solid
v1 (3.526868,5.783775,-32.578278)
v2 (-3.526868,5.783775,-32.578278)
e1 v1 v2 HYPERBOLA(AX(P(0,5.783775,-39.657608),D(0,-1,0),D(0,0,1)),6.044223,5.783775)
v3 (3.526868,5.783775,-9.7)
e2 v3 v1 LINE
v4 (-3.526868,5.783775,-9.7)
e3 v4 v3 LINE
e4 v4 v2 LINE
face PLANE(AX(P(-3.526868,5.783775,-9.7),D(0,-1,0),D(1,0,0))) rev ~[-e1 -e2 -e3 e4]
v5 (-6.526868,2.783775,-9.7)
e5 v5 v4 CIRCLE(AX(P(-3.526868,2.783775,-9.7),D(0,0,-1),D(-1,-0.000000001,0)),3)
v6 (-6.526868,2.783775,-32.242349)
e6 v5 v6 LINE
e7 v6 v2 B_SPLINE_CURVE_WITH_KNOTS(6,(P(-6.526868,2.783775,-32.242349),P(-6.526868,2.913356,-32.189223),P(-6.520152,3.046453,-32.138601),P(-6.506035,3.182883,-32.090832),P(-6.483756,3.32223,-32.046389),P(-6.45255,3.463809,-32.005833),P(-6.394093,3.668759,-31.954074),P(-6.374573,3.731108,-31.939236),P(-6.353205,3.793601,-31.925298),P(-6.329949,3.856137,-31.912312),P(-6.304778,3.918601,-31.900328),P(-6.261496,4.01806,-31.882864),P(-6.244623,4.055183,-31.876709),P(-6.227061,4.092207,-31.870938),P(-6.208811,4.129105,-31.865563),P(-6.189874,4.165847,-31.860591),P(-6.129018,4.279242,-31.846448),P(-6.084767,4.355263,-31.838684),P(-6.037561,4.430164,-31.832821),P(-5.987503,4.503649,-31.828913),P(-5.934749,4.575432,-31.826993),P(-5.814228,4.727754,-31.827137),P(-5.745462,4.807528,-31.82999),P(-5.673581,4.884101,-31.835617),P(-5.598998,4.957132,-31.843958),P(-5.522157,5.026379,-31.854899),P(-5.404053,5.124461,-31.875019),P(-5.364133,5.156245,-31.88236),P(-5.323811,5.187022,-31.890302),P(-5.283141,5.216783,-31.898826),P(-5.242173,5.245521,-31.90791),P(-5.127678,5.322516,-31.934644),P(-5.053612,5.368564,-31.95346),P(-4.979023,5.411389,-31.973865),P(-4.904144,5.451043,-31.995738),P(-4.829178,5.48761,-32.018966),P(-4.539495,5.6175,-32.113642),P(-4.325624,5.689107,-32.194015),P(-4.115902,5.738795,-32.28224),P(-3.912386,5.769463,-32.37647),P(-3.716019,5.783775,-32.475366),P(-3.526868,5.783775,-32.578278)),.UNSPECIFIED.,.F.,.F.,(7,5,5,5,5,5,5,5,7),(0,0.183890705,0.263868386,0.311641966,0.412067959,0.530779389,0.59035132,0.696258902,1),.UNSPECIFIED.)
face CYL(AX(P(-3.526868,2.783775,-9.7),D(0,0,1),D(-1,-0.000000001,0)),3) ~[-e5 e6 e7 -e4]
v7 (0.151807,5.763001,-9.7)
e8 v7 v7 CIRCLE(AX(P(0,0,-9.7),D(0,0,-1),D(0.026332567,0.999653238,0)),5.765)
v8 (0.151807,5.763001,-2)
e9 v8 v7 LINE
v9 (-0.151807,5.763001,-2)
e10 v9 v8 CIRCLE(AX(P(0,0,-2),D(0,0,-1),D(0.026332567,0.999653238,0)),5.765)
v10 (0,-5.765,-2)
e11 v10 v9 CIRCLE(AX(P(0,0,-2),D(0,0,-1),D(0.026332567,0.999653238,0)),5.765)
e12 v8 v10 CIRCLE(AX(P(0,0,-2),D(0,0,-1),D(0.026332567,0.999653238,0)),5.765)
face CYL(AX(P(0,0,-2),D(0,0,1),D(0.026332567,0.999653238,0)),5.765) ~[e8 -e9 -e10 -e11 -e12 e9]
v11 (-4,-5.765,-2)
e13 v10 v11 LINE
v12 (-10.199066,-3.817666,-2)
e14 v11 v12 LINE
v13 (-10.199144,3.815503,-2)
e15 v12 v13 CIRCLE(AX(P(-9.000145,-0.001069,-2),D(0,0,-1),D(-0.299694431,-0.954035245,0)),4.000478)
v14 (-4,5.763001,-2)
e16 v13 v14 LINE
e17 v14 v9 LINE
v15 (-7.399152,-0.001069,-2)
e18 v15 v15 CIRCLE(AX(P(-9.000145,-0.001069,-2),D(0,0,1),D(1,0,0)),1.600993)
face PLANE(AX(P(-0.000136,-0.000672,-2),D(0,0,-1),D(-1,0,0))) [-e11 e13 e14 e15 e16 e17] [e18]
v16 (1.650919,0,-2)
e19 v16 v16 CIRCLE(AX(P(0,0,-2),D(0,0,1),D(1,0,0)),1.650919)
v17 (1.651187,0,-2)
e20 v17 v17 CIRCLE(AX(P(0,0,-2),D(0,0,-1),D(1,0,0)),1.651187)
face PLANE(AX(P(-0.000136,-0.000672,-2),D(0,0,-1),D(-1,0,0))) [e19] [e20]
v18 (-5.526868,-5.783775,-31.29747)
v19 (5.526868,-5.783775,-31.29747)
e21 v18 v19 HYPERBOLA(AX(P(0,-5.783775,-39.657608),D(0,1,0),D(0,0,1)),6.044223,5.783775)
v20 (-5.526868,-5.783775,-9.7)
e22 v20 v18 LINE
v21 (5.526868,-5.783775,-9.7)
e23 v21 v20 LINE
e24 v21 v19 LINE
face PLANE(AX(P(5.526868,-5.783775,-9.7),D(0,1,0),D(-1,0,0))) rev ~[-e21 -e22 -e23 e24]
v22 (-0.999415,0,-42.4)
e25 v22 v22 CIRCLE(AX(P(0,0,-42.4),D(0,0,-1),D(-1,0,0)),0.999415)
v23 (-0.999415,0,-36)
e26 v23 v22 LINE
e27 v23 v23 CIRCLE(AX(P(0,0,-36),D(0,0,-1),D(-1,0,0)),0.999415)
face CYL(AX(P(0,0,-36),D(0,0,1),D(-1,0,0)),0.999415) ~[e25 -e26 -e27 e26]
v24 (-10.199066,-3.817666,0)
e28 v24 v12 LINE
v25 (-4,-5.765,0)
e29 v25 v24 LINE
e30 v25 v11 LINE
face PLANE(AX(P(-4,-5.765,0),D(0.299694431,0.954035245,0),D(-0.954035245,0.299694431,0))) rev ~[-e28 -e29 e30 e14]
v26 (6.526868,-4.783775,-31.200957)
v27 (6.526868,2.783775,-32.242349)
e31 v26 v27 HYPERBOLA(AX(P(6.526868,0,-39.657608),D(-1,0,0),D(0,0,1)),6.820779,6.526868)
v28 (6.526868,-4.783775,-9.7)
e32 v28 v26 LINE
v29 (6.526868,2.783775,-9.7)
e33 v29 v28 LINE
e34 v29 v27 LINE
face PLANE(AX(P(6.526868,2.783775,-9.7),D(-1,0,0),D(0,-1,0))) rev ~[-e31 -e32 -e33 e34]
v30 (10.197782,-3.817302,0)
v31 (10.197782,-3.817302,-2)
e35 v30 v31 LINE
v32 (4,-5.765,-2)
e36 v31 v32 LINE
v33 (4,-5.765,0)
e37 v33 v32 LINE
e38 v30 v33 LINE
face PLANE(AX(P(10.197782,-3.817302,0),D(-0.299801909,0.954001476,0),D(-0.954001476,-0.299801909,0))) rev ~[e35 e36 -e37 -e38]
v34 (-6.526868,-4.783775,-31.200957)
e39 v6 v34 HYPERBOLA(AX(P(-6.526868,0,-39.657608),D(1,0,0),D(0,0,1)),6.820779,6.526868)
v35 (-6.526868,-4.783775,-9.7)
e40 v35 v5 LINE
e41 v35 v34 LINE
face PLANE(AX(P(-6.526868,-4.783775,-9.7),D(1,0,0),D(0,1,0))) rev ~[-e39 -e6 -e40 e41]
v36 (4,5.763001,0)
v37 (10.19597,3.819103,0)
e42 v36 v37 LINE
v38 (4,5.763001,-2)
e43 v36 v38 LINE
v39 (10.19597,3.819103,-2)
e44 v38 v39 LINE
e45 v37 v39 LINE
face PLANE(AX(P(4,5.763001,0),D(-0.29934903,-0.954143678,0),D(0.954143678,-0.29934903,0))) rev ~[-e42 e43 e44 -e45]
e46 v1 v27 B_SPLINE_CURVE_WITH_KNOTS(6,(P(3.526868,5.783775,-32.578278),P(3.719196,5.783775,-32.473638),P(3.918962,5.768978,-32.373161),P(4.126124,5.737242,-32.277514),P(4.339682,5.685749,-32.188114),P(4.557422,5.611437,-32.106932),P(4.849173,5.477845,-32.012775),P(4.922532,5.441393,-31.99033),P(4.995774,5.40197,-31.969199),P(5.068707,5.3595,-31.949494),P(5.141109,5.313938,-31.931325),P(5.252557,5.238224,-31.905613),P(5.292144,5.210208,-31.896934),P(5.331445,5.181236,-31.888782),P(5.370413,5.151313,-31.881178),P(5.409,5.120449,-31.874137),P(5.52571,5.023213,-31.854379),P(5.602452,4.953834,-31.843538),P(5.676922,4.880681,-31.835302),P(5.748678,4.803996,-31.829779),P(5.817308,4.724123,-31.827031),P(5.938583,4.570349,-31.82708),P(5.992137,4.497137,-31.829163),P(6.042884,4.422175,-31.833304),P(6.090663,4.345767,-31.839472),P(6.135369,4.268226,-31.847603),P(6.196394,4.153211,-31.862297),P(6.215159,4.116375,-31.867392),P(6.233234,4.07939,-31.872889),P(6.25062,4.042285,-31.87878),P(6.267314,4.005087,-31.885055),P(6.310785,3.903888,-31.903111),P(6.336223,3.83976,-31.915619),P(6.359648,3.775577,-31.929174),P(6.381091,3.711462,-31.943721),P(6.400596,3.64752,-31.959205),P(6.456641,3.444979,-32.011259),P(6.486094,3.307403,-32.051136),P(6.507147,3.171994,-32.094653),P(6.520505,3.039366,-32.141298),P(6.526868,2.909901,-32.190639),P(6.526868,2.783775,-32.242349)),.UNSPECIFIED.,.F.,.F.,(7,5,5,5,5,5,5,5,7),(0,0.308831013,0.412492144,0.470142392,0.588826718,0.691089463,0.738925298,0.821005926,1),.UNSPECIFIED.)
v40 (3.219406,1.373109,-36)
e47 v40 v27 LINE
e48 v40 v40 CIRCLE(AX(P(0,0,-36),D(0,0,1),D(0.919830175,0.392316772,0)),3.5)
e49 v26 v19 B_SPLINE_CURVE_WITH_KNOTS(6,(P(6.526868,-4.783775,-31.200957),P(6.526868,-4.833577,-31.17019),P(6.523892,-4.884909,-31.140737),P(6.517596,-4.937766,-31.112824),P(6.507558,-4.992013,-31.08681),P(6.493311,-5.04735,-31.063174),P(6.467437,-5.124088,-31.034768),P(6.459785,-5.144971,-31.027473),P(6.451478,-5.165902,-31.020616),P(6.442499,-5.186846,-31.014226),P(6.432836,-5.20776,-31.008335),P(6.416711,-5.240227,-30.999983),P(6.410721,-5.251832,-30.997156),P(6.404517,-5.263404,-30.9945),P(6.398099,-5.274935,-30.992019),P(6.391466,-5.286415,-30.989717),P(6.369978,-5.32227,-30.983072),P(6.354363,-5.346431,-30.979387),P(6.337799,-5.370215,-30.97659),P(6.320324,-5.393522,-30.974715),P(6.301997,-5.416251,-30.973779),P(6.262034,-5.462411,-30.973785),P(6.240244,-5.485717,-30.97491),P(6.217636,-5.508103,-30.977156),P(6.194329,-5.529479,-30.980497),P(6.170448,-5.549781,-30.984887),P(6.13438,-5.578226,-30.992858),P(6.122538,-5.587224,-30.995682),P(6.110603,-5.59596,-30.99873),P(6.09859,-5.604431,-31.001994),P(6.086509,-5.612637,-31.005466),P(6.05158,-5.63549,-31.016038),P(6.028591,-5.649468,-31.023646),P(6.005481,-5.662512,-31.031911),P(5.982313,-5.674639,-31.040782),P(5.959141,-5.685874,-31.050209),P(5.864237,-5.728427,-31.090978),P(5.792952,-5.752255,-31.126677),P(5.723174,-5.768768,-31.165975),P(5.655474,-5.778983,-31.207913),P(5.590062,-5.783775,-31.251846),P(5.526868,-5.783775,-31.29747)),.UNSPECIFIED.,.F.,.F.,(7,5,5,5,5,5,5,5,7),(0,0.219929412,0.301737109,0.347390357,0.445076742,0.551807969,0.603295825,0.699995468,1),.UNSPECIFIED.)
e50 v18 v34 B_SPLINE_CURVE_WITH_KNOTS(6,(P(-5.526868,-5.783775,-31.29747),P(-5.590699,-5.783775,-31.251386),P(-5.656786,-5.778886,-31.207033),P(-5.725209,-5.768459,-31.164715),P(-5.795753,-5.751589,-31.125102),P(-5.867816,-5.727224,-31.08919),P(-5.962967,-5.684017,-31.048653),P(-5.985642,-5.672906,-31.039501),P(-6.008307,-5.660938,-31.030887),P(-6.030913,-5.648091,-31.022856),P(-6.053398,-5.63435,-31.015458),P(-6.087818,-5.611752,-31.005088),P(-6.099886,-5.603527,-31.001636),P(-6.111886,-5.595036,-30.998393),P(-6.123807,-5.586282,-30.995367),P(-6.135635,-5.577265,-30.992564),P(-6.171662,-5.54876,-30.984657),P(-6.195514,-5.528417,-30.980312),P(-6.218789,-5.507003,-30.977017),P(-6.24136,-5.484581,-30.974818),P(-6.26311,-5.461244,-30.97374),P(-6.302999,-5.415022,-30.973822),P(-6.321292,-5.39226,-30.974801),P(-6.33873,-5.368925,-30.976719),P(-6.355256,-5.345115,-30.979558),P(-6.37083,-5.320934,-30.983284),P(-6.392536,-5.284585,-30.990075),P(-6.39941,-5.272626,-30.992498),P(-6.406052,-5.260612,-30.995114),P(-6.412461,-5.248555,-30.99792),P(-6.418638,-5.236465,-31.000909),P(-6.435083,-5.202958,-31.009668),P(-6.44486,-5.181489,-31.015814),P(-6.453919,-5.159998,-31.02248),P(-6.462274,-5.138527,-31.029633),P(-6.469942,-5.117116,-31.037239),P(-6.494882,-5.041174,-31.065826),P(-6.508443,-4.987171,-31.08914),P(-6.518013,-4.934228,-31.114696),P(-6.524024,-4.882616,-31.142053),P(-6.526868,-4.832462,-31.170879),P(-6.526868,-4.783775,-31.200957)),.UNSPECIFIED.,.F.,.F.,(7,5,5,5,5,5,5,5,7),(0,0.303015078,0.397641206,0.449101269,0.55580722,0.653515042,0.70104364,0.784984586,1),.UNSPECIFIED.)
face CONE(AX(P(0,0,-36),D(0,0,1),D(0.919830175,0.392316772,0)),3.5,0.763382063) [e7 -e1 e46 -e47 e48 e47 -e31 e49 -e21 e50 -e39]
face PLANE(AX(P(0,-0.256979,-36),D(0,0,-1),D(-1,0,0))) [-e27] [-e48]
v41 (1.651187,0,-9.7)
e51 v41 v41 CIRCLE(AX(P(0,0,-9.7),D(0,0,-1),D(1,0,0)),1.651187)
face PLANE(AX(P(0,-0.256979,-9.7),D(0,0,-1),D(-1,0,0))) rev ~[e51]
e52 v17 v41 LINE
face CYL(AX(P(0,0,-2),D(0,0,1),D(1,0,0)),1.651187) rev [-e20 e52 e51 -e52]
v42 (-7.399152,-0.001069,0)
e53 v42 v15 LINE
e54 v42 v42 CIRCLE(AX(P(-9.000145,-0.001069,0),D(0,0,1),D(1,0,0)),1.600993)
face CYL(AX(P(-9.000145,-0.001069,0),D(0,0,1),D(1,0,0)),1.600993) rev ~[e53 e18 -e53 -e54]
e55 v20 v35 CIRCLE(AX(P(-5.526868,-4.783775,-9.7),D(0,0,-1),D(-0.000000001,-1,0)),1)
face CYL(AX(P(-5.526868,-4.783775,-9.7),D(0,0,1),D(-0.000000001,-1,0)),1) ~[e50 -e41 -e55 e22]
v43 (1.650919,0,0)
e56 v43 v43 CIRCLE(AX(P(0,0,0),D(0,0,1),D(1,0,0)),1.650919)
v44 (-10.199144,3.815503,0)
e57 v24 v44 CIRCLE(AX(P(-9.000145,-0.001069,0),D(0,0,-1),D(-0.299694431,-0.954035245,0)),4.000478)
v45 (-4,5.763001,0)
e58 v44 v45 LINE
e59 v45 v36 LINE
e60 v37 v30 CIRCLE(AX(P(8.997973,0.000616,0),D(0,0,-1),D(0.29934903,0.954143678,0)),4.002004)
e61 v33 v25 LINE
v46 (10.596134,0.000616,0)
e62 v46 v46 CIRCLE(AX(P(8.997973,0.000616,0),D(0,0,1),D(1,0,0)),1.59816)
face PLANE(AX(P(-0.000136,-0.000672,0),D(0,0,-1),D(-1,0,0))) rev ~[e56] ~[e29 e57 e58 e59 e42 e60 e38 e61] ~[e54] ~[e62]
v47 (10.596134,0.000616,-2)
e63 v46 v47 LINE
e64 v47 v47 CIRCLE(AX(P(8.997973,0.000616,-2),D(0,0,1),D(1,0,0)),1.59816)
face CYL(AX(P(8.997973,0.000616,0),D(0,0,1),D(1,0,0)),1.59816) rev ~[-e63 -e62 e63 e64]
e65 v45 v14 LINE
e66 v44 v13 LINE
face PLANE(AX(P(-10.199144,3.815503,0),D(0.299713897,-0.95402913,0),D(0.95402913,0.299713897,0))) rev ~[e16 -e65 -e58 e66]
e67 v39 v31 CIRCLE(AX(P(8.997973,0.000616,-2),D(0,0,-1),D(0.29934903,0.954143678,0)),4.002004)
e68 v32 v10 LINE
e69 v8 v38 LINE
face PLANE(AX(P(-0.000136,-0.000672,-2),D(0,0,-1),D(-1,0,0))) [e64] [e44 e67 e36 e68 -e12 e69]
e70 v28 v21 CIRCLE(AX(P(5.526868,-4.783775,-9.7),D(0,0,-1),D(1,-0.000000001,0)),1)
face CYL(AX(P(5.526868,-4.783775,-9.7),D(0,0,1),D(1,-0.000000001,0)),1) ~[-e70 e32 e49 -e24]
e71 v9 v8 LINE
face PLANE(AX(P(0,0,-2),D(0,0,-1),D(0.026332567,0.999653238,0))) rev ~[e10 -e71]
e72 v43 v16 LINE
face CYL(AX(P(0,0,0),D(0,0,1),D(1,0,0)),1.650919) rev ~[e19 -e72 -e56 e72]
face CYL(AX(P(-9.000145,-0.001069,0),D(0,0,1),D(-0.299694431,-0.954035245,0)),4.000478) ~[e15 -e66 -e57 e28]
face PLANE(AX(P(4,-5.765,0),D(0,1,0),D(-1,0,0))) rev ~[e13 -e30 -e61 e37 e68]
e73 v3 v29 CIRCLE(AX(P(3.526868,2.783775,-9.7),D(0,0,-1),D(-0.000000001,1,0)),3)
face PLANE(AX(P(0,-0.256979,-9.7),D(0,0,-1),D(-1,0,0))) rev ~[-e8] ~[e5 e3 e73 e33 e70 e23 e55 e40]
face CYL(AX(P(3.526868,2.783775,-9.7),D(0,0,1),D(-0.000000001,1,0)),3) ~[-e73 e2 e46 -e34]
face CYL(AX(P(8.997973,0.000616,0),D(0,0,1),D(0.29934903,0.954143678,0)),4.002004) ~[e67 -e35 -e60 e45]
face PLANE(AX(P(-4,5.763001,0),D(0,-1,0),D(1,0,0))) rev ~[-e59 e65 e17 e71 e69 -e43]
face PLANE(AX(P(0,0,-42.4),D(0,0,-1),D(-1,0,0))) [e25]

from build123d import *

# Parameters (mm, degrees)
CROQUIS1_R               = 1.598160281
CROQUIS1_R_2             = 1.600993429
CROQUIS1_R_3             = 1.650918845
SALIENTE_EXTRUIR7_DEPTH  = 2
CROQUIS2_R               = 5.764999893
CROQUIS2_R_2             = 1.651186543
SALIENTE_EXTRUIR8_DEPTH  = 7.7
SALIENTE_EXTRUIR9_DEPTH  = 26.3
CROQUIS6_R               = 0.999415005
SALIENTE_EXTRUIR10_DEPTH = 6.4


with BuildPart() as part:
    # Croquis1 → Saliente-Extruir7 (new body)
    with BuildSketch(Plane.XY):
        with BuildLine():
            Line((4.00000019, 5.763000809), (10.195969576, 3.8191034))
            ThreePointArc((10.195969576, 3.8191034), (12.999977706, 0.001566069), (10.197782, -3.817301838))
            Line((10.197782, -3.817301838), (4.00000019, -5.764999893))
            Line((4.00000019, -5.764999893), (-4.00000019, -5.764999893))
            Line((-4.00000019, -5.764999893), (-10.199065979, -3.817665654))
            ThreePointArc((-10.199065979, -3.817665654), (-13.000622723, -0.001109837), (-10.199143851, 3.815503142))
            Line((-10.199143851, 3.815503142), (-4.00000019, 5.763000809))
            Line((-4.00000019, 5.763000809), (4.00000019, 5.763000809))
        make_face()
        with Locations((8.997973452, 0.000616233)):
            Circle(CROQUIS1_R, mode=Mode.SUBTRACT)
        with Locations((-9.000145119, -0.001069025)):
            Circle(CROQUIS1_R_2, mode=Mode.SUBTRACT)
        Circle(CROQUIS1_R_3, mode=Mode.SUBTRACT)
    extrude(amount=-SALIENTE_EXTRUIR7_DEPTH)

    # Croquis2 → Saliente-Extruir8 (add)
    with BuildSketch(Plane(origin=(0, 0, -2), x_dir=(-1, 0, 0), z_dir=(0, 0, -1))):
        with Locations(Location((0, 0, 0), (0, 0, 91.508919394))):
            Circle(CROQUIS2_R)
        with Locations(Location((0, 0, 0), (0, 0, 180))):
            Circle(CROQUIS2_R_2, mode=Mode.SUBTRACT)
    extrude(amount=SALIENTE_EXTRUIR8_DEPTH)

    # Croquis3 → Saliente-Extruir9 (add)
    with BuildSketch(Plane(origin=(0, 0, -9.7), x_dir=(-1, 0, 0), z_dir=(0, 0, -1))):
        with BuildLine():
            Line((3.526868458, 5.783774708), (-3.526868458, 5.783774708))
            ThreePointArc((-3.526868458, 5.783774708), (-5.648188802, 4.905095052), (-6.526868458, 2.783774708))
            Line((-6.526868458, 2.783774708), (-6.526868458, -4.783774708))
            ThreePointArc((-6.526868458, -4.783774708), (-6.233975239, -5.490881489), (-5.526868458, -5.783774708))
            Line((-5.526868458, -5.783774708), (5.526868458, -5.783774708))
            ThreePointArc((5.526868458, -5.783774708), (6.233975239, -5.490881489), (6.526868458, -4.783774708))
            Line((6.526868458, -4.783774708), (6.526868458, 2.783774708))
            ThreePointArc((6.526868458, 2.783774708), (5.648188802, 4.905095052), (3.526868458, 5.783774708))
        make_face()
    extrude(amount=SALIENTE_EXTRUIR9_DEPTH)

    # Croquis5 → Cortar-Revolución1 (revolve, cut)
    with BuildSketch(Plane(origin=(0, 0, 0), x_dir=(1, 0, 0), z_dir=(0, 1, 0)), mode=Mode.PRIVATE) as cortar_revoluci_n1_sk:
        Polygon((-3.5, 36), (-8.472559386, 30.803521887), (-8.472559386, 36), align=None)
    revolve(cortar_revoluci_n1_sk.sketch.rotate(Axis((0, 0, -39.9199001), (0, 0, 1)), 203.098732746), axis=Axis((0, 0, -39.9199001), (0, 0, 1)), mode=Mode.SUBTRACT)

    # Croquis6 → Saliente-Extruir10 (add)
    with BuildSketch(Plane(origin=(0, 0, -36), x_dir=(-1, 0, 0), z_dir=(0, 0, -1))):
        Circle(CROQUIS6_R)
    extrude(amount=SALIENTE_EXTRUIR10_DEPTH)


solid = part.part
